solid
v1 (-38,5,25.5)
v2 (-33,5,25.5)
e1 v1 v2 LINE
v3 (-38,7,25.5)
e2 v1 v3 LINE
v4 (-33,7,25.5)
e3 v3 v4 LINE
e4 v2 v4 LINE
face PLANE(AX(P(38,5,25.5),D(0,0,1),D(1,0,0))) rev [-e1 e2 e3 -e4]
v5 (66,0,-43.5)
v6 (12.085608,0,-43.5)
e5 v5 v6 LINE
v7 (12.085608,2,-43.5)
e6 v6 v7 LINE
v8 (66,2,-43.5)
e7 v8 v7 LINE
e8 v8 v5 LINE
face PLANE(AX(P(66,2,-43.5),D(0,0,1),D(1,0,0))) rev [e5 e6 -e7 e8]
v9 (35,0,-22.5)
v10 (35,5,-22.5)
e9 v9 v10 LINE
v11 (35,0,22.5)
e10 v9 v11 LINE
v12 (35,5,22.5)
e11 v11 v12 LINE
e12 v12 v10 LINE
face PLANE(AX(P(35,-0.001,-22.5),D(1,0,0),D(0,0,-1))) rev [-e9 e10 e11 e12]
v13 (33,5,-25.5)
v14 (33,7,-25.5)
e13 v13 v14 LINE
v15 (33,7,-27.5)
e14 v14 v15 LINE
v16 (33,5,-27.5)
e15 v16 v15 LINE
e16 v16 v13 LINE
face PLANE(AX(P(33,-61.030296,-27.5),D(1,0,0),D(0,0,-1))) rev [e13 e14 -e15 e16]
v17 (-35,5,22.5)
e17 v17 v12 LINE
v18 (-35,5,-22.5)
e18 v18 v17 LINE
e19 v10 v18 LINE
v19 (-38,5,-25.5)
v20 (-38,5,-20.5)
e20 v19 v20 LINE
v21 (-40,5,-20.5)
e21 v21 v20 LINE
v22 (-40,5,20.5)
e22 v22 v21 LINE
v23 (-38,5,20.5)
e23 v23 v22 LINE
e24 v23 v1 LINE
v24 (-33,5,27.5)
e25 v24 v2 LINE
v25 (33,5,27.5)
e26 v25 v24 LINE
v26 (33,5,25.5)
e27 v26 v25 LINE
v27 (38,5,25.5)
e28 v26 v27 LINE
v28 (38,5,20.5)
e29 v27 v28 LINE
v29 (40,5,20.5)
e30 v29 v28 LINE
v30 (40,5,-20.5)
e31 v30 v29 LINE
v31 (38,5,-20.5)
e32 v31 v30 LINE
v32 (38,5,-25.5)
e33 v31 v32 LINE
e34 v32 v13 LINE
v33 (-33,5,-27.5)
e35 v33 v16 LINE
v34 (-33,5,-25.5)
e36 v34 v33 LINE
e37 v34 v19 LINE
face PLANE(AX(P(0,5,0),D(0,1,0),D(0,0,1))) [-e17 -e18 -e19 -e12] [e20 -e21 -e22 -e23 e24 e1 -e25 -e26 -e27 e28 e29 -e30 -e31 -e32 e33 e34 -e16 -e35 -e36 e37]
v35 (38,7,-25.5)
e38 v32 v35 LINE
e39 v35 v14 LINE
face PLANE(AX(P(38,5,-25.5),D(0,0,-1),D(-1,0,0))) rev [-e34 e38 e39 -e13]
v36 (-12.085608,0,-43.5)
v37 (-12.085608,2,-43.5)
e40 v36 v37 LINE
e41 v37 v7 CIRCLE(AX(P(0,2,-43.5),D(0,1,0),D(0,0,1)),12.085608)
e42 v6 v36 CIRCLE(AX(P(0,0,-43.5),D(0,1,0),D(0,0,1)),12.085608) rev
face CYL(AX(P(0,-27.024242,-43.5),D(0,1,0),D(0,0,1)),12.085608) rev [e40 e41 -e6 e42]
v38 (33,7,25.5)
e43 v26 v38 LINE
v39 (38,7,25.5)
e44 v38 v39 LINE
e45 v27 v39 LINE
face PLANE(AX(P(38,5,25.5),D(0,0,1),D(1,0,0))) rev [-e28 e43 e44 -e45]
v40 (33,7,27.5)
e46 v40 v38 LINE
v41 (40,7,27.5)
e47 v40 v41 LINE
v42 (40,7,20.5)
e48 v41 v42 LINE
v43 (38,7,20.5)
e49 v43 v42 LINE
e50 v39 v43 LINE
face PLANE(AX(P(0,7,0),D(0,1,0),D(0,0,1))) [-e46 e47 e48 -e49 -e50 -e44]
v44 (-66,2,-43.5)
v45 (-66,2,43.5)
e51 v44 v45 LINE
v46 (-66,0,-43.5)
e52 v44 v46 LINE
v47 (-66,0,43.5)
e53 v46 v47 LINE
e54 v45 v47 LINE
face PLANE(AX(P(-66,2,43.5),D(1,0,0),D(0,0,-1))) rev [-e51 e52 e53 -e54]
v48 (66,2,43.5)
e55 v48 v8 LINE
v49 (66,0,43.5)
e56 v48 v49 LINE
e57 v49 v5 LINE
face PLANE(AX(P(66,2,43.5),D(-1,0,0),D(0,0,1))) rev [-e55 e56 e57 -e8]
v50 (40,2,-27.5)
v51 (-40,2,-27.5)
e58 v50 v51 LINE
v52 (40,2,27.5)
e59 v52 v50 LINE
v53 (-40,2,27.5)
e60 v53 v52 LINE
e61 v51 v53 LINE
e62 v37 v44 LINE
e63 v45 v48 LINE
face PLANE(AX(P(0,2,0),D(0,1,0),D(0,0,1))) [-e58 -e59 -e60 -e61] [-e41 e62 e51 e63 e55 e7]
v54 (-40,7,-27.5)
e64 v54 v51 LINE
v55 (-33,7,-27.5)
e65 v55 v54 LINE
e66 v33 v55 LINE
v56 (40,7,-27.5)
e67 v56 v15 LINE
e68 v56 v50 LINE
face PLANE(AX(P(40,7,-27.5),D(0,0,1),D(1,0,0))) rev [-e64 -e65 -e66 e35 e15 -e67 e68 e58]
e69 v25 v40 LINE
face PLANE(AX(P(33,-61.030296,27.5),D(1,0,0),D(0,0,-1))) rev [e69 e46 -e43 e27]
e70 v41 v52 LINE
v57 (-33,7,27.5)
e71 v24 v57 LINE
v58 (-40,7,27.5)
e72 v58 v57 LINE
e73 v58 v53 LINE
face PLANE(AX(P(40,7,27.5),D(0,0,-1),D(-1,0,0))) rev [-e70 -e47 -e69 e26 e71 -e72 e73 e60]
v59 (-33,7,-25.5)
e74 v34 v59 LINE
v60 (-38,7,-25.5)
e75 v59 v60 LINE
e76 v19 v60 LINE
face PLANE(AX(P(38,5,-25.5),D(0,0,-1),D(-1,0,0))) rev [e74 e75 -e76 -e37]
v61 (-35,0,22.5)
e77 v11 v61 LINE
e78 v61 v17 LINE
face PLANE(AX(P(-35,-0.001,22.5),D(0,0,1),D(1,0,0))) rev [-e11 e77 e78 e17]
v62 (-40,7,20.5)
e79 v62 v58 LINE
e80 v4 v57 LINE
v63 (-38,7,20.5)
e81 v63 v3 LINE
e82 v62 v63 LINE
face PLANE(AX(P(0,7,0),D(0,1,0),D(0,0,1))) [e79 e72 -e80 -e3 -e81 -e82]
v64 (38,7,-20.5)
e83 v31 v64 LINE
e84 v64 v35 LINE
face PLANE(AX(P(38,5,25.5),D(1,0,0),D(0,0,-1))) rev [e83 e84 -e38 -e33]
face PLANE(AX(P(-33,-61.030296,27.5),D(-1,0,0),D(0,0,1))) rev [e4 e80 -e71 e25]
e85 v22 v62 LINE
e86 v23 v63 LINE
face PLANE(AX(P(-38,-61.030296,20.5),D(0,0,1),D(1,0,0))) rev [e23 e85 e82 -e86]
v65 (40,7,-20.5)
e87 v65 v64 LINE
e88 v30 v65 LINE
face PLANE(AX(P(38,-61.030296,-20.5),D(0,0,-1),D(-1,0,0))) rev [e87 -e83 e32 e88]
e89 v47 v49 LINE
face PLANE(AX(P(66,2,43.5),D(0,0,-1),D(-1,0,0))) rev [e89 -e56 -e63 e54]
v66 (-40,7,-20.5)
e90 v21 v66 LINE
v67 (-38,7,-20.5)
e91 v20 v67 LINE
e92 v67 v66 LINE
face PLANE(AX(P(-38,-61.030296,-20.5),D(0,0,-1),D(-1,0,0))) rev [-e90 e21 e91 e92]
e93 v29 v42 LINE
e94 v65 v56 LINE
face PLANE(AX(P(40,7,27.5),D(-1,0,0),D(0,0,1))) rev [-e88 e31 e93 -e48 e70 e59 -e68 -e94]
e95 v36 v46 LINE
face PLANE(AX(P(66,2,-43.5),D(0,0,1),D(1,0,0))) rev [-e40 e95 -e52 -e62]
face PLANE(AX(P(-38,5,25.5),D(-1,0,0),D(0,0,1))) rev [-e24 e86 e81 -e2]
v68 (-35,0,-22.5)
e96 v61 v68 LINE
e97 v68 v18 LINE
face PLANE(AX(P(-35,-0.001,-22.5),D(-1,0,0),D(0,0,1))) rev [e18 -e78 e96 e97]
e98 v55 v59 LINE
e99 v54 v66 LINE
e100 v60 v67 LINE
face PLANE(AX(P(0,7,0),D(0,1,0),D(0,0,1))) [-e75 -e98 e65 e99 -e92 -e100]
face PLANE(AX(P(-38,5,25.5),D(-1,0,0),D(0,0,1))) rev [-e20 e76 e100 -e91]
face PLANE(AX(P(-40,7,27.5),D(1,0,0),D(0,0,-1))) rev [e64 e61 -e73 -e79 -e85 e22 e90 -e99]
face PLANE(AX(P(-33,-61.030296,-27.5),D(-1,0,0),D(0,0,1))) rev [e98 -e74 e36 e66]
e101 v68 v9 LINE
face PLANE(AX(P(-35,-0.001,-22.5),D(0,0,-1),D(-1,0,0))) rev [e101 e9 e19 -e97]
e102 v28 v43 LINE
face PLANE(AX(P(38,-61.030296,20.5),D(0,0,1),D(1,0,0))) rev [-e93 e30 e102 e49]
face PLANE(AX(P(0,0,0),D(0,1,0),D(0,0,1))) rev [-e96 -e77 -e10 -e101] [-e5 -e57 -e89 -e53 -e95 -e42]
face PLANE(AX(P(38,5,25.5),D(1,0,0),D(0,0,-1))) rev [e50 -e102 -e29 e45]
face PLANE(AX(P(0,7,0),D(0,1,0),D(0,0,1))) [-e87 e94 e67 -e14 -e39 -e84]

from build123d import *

# Parameters (mm, degrees)
SKETCH1_W           = 132
SKETCH1_H           = 87
BOSS_EXTRUDE1_DEPTH = 2
SKETCH2_W           = 80
SKETCH2_H           = 55
BOSS_EXTRUDE2_DEPTH = 5
SKETCH3_W           = 76
SKETCH3_H           = 51
CUT_EXTRUDE1_DEPTH  = 2
CUT_EXTRUDE2_REACH  = 7
SKETCH4_W           = 70
SKETCH4_H           = 45
SKETCH5_W           = 2
SKETCH5_H           = 41
SKETCH5_W_2         = 66
SKETCH5_H_2         = 2
CUT_EXTRUDE3_DEPTH  = 2
CUT_EXTRUDE4_DEPTH  = 2


with BuildPart() as part:
    # Sketch1 → Boss-Extrude1 (new body)
    with BuildSketch(Plane(origin=(0, 0, 0), x_dir=(1, 0, 0), z_dir=(0, 1, 0))):
        Rectangle(SKETCH1_W, SKETCH1_H)
    extrude(amount=BOSS_EXTRUDE1_DEPTH)

    # Sketch2 → Boss-Extrude2 (add)
    with BuildSketch(Plane(origin=(0, 2, 0), x_dir=(1, 0, 0), z_dir=(0, 1, 0))):
        Rectangle(SKETCH2_W, SKETCH2_H)
    extrude(amount=BOSS_EXTRUDE2_DEPTH)

    # Sketch3 → Cut-Extrude1 (cut)
    with BuildSketch(Plane(origin=(0, 7, 0), x_dir=(1, 0, 0), z_dir=(0, 1, 0))):
        Rectangle(SKETCH3_W, SKETCH3_H)
    extrude(amount=-CUT_EXTRUDE1_DEPTH, mode=Mode.SUBTRACT)

    # Sketch4 → Cut-Extrude2 (cut, up to next)
    with BuildSketch(Plane(origin=(0, 5, 0), x_dir=(1, 0, 0), z_dir=(0, 1, 0)), mode=Mode.PRIVATE) as cut_extrude2_sk1:
        Rectangle(SKETCH4_W, SKETCH4_H)
    cut_extrude2_tool1 = extrude(cut_extrude2_sk1.sketch, amount=-CUT_EXTRUDE2_REACH, mode=Mode.PRIVATE) & part.part
    add(cut_extrude2_tool1.solids().sort_by_distance((0, 5, 0))[0], mode=Mode.SUBTRACT)

    # Sketch5 → Cut-Extrude3 (cut)
    with BuildSketch(Plane(origin=(0, 7, 0), x_dir=(1, 0, 0), z_dir=(0, 1, 0))):
        with Locations((-39, 0)):
            Rectangle(SKETCH5_W, SKETCH5_H)
        with Locations((39, 0)):
            Rectangle(SKETCH5_W, SKETCH5_H)
        with Locations((0, 26.5)):
            Rectangle(SKETCH5_W_2, SKETCH5_H_2)
        with Locations((0, -26.5)):
            Rectangle(SKETCH5_W_2, SKETCH5_H_2)
    extrude(amount=-CUT_EXTRUDE3_DEPTH, mode=Mode.SUBTRACT)

    # Sketch6 → Cut-Extrude4 (cut)
    with BuildSketch(Plane(origin=(0, 2, 0), x_dir=(1, 0, 0), z_dir=(0, 1, 0))):
        with BuildLine():
            Line((-12.085608445, 43.5), (12.085608445, 43.5))
            ThreePointArc((12.085608445, 43.5), (0, 31.414391555), (-12.085608445, 43.5))
        make_face()
    extrude(amount=-CUT_EXTRUDE4_DEPTH, mode=Mode.SUBTRACT)


solid = part.part
